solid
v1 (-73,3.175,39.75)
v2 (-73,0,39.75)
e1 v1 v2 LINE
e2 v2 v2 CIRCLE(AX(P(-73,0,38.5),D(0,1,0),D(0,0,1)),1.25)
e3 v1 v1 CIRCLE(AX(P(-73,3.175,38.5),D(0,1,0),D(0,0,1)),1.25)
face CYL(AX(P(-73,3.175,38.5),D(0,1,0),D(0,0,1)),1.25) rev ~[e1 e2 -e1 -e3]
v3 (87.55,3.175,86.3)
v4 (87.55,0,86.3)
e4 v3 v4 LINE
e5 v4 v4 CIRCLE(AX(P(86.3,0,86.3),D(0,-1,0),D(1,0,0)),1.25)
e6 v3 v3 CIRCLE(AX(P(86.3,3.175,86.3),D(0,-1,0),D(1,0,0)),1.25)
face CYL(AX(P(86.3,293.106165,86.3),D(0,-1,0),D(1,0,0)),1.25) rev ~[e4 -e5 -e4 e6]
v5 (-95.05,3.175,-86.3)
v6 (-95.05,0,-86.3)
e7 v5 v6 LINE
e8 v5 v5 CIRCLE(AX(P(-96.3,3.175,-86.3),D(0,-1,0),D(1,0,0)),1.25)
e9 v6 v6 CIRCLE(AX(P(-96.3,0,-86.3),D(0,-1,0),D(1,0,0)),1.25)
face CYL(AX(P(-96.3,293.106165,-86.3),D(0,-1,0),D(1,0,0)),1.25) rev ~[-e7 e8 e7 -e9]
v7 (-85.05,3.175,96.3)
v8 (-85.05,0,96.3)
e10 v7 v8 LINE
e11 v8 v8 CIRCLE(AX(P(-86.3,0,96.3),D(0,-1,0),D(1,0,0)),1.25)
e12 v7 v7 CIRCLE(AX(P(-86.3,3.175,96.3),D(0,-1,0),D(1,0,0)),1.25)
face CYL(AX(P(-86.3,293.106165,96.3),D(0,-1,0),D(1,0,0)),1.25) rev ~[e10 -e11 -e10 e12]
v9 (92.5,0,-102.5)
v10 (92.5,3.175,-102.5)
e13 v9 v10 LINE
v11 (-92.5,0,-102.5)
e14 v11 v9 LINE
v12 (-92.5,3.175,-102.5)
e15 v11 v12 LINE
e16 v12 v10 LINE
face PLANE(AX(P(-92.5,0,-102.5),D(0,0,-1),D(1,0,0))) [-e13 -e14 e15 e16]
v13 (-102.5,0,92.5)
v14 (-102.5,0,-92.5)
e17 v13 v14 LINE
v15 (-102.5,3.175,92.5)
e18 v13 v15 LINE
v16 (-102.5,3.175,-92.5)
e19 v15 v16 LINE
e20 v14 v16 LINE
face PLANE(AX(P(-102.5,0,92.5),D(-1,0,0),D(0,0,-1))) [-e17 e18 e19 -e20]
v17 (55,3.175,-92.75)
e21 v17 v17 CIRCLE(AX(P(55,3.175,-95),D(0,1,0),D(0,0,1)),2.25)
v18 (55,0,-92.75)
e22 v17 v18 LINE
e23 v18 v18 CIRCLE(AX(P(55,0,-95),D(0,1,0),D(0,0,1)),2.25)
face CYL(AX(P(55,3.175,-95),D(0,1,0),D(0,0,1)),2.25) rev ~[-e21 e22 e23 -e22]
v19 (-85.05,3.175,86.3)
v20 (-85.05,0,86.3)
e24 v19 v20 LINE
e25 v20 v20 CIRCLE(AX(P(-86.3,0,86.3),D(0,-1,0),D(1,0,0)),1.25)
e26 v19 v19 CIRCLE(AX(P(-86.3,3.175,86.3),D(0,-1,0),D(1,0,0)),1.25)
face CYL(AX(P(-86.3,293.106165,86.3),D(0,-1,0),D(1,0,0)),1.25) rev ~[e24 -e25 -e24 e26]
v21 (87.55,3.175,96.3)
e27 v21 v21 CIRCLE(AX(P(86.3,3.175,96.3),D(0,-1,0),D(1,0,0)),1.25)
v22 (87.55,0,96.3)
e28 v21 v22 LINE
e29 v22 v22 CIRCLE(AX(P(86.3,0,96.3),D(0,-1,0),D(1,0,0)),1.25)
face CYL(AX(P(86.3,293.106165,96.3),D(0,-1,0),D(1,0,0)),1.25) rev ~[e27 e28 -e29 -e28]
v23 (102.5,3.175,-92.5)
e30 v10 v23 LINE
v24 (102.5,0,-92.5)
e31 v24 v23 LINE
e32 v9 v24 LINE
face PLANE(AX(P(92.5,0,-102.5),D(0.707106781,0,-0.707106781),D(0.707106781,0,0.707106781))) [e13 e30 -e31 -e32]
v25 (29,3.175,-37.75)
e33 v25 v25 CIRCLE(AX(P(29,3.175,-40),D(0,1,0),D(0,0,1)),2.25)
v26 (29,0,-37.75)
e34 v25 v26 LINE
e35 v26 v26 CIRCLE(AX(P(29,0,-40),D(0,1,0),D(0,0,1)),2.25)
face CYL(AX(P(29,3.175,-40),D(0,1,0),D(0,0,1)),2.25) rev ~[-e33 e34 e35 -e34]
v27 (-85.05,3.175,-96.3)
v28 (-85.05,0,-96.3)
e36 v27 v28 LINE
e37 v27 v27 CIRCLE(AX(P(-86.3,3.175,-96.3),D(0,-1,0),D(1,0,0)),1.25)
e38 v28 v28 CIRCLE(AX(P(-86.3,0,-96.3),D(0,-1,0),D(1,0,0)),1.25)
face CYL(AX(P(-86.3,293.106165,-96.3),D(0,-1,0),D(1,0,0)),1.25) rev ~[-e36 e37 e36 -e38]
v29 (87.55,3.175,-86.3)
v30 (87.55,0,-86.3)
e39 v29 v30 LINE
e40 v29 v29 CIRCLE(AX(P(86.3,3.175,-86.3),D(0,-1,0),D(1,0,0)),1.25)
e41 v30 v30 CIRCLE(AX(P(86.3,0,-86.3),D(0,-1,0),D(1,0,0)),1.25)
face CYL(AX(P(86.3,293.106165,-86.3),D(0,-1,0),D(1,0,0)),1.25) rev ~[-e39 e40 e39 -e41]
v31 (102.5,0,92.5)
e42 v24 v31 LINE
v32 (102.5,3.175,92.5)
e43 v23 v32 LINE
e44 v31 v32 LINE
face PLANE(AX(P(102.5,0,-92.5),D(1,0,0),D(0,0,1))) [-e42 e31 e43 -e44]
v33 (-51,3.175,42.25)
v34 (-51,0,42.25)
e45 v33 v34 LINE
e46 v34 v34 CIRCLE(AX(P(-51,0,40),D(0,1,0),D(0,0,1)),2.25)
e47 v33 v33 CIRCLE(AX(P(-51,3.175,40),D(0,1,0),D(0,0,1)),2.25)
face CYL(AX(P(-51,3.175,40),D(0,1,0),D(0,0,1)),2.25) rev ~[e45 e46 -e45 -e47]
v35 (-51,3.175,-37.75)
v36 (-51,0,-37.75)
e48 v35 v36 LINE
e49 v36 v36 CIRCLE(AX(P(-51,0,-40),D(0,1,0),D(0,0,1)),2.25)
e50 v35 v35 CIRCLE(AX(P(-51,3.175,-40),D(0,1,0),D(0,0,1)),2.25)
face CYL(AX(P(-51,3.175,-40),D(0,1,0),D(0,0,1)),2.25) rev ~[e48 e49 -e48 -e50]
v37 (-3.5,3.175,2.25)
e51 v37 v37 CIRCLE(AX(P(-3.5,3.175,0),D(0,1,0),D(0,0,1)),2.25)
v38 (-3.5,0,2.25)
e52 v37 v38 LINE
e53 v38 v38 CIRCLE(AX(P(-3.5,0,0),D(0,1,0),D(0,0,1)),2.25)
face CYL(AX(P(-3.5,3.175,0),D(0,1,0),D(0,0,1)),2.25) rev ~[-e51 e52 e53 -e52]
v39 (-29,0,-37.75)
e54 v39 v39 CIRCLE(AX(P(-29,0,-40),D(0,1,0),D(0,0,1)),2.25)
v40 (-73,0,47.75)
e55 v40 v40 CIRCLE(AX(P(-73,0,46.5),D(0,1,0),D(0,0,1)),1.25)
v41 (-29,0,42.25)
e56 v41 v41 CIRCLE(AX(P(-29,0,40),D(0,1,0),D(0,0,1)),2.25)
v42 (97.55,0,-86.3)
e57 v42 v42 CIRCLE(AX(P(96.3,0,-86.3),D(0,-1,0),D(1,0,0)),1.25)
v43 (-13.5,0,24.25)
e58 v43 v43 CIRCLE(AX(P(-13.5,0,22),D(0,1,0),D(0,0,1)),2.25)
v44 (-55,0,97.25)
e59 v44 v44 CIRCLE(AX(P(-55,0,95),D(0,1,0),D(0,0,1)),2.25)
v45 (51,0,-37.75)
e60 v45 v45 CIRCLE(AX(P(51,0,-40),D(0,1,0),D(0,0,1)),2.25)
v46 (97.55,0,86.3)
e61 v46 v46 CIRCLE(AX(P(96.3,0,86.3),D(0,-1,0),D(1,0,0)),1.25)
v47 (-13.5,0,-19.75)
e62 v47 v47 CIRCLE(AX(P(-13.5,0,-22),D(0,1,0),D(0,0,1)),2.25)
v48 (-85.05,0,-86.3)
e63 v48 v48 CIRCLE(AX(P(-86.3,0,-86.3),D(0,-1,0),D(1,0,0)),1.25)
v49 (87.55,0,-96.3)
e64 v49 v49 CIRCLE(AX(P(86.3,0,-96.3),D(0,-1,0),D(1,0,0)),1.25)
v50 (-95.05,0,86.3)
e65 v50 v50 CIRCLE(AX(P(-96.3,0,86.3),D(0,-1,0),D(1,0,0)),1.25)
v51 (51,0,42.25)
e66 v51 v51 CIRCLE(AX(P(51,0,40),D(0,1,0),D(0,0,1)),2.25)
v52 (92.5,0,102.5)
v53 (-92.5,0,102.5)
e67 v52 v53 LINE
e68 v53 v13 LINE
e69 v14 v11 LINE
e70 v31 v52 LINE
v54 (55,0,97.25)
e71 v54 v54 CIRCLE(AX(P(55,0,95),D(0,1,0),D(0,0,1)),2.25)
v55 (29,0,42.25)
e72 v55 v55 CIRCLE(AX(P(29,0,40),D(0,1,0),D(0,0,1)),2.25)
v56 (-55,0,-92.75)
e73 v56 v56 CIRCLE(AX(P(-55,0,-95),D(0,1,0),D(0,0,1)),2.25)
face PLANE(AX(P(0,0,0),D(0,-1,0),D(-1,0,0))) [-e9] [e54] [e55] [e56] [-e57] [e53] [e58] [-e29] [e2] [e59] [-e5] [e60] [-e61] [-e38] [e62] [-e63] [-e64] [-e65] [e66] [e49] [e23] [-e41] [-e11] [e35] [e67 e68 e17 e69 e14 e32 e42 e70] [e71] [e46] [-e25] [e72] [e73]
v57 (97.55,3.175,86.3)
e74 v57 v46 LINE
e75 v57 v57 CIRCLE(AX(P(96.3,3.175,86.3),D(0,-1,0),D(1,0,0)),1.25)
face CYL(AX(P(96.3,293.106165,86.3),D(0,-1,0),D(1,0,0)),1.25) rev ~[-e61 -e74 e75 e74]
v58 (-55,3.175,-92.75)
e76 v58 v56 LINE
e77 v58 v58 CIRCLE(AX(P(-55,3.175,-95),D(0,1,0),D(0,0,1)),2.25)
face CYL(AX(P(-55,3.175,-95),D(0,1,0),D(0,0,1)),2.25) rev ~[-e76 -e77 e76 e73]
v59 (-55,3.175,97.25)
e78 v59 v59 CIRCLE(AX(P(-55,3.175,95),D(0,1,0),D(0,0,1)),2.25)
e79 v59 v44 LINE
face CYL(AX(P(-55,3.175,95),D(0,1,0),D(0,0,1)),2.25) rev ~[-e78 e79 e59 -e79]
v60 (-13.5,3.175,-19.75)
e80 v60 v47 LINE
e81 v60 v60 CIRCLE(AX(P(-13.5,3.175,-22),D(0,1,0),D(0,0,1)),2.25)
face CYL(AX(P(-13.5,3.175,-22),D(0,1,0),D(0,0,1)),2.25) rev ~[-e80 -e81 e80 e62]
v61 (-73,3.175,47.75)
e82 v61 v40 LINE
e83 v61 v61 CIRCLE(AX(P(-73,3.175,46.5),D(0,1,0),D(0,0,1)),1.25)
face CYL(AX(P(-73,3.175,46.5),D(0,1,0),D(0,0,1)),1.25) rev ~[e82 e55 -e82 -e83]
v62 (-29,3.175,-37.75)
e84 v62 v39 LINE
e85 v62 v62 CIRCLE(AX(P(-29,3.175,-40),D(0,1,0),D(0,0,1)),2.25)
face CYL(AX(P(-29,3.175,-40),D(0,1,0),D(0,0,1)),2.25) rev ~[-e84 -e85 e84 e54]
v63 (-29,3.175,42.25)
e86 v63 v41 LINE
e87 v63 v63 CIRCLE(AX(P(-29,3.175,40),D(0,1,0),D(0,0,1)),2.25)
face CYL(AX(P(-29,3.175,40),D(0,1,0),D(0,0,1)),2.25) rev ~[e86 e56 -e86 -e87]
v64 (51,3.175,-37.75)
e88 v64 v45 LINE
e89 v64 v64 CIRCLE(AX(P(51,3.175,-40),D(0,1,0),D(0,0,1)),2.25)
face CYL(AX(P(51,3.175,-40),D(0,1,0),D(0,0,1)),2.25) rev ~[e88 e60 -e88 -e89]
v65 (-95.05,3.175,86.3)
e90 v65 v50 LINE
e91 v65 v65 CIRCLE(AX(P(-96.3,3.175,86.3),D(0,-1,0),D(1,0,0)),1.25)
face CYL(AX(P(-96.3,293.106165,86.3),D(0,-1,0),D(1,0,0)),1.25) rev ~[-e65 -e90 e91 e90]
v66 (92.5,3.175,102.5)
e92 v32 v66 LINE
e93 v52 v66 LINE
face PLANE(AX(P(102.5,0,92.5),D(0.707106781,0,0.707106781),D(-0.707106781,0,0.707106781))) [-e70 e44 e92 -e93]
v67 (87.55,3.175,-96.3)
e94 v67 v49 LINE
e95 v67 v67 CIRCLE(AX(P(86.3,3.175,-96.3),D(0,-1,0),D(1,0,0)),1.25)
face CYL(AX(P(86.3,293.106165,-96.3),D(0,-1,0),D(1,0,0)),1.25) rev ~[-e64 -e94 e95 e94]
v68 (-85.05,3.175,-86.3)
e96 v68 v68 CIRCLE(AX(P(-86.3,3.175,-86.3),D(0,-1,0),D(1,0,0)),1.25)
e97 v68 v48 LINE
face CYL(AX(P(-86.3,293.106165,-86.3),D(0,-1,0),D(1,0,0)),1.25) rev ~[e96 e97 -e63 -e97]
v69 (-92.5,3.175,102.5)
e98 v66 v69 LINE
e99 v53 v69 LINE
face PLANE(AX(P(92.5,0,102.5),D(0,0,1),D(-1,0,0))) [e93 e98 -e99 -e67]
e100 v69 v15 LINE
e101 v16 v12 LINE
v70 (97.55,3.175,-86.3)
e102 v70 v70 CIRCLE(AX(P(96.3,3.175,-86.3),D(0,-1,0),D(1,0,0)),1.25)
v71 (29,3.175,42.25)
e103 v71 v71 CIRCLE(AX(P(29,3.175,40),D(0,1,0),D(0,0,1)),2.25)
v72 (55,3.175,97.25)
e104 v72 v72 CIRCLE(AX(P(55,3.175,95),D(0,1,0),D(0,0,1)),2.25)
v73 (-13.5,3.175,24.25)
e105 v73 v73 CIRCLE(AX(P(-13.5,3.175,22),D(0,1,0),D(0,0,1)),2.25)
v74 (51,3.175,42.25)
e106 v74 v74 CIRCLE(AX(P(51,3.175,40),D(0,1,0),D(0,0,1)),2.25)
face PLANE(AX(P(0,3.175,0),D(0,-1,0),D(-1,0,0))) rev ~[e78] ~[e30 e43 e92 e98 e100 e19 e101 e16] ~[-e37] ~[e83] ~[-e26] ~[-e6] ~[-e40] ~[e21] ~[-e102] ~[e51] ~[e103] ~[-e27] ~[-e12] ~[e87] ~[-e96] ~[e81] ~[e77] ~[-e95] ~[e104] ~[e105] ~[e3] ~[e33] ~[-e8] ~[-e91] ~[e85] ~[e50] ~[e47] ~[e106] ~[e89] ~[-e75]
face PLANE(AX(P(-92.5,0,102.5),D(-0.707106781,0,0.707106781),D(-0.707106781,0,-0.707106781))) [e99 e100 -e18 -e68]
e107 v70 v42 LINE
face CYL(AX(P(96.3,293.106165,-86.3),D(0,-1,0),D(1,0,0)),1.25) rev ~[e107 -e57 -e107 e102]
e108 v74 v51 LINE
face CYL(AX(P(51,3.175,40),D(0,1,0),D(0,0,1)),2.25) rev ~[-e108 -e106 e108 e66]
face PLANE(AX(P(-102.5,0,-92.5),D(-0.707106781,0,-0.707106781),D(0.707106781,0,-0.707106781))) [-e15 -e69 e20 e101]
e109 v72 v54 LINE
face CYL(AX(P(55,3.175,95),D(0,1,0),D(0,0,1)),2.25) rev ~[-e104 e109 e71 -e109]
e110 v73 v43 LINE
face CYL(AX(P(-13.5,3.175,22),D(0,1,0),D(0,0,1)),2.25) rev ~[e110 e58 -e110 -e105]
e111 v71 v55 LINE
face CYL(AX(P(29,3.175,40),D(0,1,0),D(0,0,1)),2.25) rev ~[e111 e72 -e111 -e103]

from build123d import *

# Parameters (mm, degrees)
BOSS_EXTRUDE1_DEPTH   = 3.175
SKETCH2_R             = 2.25
CUT_EXTRUDE1_DEPTH    = 4.175
M3X0_5_TAPPED_HOLE1_D = 2.5
SKETCH5_R             = 2.25
CUT_EXTRUDE2_DEPTH    = 4.175
SKETCH6_R             = 1.25
CUT_EXTRUDE3_DEPTH    = 10


with BuildPart() as part:
    # Sketch1 → Boss-Extrude1 (new body)
    with BuildSketch(Plane(origin=(0, 0, 0), x_dir=(1, 0, 0), z_dir=(0, 1, 0))):
        Polygon((-92.5, 102.5), (92.5, 102.5), (102.5, 92.5), (102.5, -92.5), (92.5, -102.5), (-92.5, -102.5), (-102.5, -92.5), (-102.5, 92.5), align=None)
    extrude(amount=BOSS_EXTRUDE1_DEPTH)

    # Sketch2 → Cut-Extrude1 (cut, through all)
    with BuildSketch(Plane(origin=(0, 3.175, 0), x_dir=(1, 0, 0), z_dir=(0, 1, 0))):
        with Locations(Location((-51, -40, 0), (0, 0, 270))):  # turned: the seam where the file's is
            Circle(SKETCH2_R)
        with Locations(Location((-29, -40, 0), (0, 0, 270))):  # turned: the seam where the file's is
            Circle(SKETCH2_R)
        with Locations(Location((-51, 40, 0), (0, 0, 270))):  # turned: the seam where the file's is
            Circle(SKETCH2_R)
        with Locations(Location((-29, 40, 0), (0, 0, 270))):  # turned: the seam where the file's is
            Circle(SKETCH2_R)
        with Locations(Location((29, 40, 0), (0, 0, 270))):  # turned: the seam where the file's is
            Circle(SKETCH2_R)
        with Locations(Location((51, 40, 0), (0, 0, 270))):  # turned: the seam where the file's is
            Circle(SKETCH2_R)
        with Locations(Location((29, -40, 0), (0, 0, 270))):  # turned: the seam where the file's is
            Circle(SKETCH2_R)
        with Locations(Location((51, -40, 0), (0, 0, 270))):  # turned: the seam where the file's is
            Circle(SKETCH2_R)
        with Locations(Location((-3.5, 0, 0), (0, 0, 270))):  # turned: the seam where the file's is
            Circle(SKETCH2_R)
        with Locations(Location((-13.5, 22, 0), (0, 0, 270))):  # turned: the seam where the file's is
            Circle(SKETCH2_R)
        with Locations(Location((-13.5, -22, 0), (0, 0, 270))):  # turned: the seam where the file's is
            Circle(SKETCH2_R)
    extrude(amount=-CUT_EXTRUDE1_DEPTH, mode=Mode.SUBTRACT)

    # M3x0.5 Tapped Hole1 (through all)
    with Locations(Plane(origin=(0, 3.175, 0), x_dir=(-1, 0, 0), z_dir=(0, 1, 0))):
        with Locations((96.3, -86.3), (86.3, -96.3), (-86.3, -96.3), (-96.3, -86.3), (-96.3, 86.3), (-86.3, 96.3), (86.3, 96.3), (96.3, 86.3), (-86.3, 86.3), (-86.3, -86.3), (86.3, -86.3), (86.3, 86.3)):
            Hole(M3X0_5_TAPPED_HOLE1_D / 2)

    # Sketch5 → Cut-Extrude2 (cut, through all)
    with BuildSketch(Plane(origin=(0, 3.175, 0), x_dir=(1, 0, 0), z_dir=(0, 1, 0))):
        with Locations(Location((-55, 95, 0), (0, 0, 270))):  # turned: the seam where the file's is
            Circle(SKETCH5_R)
        with Locations(Location((55, 95, 0), (0, 0, 270))):  # turned: the seam where the file's is
            Circle(SKETCH5_R)
        with Locations(Location((-55, -95, 0), (0, 0, 270))):  # turned: the seam where the file's is
            Circle(SKETCH5_R)
        with Locations(Location((55, -95, 0), (0, 0, 270))):  # turned: the seam where the file's is
            Circle(SKETCH5_R)
    extrude(amount=-CUT_EXTRUDE2_DEPTH, mode=Mode.SUBTRACT)

    # Sketch6 → Cut-Extrude3 (cut)
    with BuildSketch(Plane(origin=(0, 3.175, 0), x_dir=(1, 0, 0), z_dir=(0, 1, 0))):
        with Locations(Location((-73, -46.5, 0), (0, 0, 270))):  # turned: the seam where the file's is
            Circle(SKETCH6_R)
        with Locations(Location((-73, -38.5, 0), (0, 0, 270))):  # turned: the seam where the file's is
            Circle(SKETCH6_R)
    extrude(amount=-CUT_EXTRUDE3_DEPTH, mode=Mode.SUBTRACT)


solid = part.part
